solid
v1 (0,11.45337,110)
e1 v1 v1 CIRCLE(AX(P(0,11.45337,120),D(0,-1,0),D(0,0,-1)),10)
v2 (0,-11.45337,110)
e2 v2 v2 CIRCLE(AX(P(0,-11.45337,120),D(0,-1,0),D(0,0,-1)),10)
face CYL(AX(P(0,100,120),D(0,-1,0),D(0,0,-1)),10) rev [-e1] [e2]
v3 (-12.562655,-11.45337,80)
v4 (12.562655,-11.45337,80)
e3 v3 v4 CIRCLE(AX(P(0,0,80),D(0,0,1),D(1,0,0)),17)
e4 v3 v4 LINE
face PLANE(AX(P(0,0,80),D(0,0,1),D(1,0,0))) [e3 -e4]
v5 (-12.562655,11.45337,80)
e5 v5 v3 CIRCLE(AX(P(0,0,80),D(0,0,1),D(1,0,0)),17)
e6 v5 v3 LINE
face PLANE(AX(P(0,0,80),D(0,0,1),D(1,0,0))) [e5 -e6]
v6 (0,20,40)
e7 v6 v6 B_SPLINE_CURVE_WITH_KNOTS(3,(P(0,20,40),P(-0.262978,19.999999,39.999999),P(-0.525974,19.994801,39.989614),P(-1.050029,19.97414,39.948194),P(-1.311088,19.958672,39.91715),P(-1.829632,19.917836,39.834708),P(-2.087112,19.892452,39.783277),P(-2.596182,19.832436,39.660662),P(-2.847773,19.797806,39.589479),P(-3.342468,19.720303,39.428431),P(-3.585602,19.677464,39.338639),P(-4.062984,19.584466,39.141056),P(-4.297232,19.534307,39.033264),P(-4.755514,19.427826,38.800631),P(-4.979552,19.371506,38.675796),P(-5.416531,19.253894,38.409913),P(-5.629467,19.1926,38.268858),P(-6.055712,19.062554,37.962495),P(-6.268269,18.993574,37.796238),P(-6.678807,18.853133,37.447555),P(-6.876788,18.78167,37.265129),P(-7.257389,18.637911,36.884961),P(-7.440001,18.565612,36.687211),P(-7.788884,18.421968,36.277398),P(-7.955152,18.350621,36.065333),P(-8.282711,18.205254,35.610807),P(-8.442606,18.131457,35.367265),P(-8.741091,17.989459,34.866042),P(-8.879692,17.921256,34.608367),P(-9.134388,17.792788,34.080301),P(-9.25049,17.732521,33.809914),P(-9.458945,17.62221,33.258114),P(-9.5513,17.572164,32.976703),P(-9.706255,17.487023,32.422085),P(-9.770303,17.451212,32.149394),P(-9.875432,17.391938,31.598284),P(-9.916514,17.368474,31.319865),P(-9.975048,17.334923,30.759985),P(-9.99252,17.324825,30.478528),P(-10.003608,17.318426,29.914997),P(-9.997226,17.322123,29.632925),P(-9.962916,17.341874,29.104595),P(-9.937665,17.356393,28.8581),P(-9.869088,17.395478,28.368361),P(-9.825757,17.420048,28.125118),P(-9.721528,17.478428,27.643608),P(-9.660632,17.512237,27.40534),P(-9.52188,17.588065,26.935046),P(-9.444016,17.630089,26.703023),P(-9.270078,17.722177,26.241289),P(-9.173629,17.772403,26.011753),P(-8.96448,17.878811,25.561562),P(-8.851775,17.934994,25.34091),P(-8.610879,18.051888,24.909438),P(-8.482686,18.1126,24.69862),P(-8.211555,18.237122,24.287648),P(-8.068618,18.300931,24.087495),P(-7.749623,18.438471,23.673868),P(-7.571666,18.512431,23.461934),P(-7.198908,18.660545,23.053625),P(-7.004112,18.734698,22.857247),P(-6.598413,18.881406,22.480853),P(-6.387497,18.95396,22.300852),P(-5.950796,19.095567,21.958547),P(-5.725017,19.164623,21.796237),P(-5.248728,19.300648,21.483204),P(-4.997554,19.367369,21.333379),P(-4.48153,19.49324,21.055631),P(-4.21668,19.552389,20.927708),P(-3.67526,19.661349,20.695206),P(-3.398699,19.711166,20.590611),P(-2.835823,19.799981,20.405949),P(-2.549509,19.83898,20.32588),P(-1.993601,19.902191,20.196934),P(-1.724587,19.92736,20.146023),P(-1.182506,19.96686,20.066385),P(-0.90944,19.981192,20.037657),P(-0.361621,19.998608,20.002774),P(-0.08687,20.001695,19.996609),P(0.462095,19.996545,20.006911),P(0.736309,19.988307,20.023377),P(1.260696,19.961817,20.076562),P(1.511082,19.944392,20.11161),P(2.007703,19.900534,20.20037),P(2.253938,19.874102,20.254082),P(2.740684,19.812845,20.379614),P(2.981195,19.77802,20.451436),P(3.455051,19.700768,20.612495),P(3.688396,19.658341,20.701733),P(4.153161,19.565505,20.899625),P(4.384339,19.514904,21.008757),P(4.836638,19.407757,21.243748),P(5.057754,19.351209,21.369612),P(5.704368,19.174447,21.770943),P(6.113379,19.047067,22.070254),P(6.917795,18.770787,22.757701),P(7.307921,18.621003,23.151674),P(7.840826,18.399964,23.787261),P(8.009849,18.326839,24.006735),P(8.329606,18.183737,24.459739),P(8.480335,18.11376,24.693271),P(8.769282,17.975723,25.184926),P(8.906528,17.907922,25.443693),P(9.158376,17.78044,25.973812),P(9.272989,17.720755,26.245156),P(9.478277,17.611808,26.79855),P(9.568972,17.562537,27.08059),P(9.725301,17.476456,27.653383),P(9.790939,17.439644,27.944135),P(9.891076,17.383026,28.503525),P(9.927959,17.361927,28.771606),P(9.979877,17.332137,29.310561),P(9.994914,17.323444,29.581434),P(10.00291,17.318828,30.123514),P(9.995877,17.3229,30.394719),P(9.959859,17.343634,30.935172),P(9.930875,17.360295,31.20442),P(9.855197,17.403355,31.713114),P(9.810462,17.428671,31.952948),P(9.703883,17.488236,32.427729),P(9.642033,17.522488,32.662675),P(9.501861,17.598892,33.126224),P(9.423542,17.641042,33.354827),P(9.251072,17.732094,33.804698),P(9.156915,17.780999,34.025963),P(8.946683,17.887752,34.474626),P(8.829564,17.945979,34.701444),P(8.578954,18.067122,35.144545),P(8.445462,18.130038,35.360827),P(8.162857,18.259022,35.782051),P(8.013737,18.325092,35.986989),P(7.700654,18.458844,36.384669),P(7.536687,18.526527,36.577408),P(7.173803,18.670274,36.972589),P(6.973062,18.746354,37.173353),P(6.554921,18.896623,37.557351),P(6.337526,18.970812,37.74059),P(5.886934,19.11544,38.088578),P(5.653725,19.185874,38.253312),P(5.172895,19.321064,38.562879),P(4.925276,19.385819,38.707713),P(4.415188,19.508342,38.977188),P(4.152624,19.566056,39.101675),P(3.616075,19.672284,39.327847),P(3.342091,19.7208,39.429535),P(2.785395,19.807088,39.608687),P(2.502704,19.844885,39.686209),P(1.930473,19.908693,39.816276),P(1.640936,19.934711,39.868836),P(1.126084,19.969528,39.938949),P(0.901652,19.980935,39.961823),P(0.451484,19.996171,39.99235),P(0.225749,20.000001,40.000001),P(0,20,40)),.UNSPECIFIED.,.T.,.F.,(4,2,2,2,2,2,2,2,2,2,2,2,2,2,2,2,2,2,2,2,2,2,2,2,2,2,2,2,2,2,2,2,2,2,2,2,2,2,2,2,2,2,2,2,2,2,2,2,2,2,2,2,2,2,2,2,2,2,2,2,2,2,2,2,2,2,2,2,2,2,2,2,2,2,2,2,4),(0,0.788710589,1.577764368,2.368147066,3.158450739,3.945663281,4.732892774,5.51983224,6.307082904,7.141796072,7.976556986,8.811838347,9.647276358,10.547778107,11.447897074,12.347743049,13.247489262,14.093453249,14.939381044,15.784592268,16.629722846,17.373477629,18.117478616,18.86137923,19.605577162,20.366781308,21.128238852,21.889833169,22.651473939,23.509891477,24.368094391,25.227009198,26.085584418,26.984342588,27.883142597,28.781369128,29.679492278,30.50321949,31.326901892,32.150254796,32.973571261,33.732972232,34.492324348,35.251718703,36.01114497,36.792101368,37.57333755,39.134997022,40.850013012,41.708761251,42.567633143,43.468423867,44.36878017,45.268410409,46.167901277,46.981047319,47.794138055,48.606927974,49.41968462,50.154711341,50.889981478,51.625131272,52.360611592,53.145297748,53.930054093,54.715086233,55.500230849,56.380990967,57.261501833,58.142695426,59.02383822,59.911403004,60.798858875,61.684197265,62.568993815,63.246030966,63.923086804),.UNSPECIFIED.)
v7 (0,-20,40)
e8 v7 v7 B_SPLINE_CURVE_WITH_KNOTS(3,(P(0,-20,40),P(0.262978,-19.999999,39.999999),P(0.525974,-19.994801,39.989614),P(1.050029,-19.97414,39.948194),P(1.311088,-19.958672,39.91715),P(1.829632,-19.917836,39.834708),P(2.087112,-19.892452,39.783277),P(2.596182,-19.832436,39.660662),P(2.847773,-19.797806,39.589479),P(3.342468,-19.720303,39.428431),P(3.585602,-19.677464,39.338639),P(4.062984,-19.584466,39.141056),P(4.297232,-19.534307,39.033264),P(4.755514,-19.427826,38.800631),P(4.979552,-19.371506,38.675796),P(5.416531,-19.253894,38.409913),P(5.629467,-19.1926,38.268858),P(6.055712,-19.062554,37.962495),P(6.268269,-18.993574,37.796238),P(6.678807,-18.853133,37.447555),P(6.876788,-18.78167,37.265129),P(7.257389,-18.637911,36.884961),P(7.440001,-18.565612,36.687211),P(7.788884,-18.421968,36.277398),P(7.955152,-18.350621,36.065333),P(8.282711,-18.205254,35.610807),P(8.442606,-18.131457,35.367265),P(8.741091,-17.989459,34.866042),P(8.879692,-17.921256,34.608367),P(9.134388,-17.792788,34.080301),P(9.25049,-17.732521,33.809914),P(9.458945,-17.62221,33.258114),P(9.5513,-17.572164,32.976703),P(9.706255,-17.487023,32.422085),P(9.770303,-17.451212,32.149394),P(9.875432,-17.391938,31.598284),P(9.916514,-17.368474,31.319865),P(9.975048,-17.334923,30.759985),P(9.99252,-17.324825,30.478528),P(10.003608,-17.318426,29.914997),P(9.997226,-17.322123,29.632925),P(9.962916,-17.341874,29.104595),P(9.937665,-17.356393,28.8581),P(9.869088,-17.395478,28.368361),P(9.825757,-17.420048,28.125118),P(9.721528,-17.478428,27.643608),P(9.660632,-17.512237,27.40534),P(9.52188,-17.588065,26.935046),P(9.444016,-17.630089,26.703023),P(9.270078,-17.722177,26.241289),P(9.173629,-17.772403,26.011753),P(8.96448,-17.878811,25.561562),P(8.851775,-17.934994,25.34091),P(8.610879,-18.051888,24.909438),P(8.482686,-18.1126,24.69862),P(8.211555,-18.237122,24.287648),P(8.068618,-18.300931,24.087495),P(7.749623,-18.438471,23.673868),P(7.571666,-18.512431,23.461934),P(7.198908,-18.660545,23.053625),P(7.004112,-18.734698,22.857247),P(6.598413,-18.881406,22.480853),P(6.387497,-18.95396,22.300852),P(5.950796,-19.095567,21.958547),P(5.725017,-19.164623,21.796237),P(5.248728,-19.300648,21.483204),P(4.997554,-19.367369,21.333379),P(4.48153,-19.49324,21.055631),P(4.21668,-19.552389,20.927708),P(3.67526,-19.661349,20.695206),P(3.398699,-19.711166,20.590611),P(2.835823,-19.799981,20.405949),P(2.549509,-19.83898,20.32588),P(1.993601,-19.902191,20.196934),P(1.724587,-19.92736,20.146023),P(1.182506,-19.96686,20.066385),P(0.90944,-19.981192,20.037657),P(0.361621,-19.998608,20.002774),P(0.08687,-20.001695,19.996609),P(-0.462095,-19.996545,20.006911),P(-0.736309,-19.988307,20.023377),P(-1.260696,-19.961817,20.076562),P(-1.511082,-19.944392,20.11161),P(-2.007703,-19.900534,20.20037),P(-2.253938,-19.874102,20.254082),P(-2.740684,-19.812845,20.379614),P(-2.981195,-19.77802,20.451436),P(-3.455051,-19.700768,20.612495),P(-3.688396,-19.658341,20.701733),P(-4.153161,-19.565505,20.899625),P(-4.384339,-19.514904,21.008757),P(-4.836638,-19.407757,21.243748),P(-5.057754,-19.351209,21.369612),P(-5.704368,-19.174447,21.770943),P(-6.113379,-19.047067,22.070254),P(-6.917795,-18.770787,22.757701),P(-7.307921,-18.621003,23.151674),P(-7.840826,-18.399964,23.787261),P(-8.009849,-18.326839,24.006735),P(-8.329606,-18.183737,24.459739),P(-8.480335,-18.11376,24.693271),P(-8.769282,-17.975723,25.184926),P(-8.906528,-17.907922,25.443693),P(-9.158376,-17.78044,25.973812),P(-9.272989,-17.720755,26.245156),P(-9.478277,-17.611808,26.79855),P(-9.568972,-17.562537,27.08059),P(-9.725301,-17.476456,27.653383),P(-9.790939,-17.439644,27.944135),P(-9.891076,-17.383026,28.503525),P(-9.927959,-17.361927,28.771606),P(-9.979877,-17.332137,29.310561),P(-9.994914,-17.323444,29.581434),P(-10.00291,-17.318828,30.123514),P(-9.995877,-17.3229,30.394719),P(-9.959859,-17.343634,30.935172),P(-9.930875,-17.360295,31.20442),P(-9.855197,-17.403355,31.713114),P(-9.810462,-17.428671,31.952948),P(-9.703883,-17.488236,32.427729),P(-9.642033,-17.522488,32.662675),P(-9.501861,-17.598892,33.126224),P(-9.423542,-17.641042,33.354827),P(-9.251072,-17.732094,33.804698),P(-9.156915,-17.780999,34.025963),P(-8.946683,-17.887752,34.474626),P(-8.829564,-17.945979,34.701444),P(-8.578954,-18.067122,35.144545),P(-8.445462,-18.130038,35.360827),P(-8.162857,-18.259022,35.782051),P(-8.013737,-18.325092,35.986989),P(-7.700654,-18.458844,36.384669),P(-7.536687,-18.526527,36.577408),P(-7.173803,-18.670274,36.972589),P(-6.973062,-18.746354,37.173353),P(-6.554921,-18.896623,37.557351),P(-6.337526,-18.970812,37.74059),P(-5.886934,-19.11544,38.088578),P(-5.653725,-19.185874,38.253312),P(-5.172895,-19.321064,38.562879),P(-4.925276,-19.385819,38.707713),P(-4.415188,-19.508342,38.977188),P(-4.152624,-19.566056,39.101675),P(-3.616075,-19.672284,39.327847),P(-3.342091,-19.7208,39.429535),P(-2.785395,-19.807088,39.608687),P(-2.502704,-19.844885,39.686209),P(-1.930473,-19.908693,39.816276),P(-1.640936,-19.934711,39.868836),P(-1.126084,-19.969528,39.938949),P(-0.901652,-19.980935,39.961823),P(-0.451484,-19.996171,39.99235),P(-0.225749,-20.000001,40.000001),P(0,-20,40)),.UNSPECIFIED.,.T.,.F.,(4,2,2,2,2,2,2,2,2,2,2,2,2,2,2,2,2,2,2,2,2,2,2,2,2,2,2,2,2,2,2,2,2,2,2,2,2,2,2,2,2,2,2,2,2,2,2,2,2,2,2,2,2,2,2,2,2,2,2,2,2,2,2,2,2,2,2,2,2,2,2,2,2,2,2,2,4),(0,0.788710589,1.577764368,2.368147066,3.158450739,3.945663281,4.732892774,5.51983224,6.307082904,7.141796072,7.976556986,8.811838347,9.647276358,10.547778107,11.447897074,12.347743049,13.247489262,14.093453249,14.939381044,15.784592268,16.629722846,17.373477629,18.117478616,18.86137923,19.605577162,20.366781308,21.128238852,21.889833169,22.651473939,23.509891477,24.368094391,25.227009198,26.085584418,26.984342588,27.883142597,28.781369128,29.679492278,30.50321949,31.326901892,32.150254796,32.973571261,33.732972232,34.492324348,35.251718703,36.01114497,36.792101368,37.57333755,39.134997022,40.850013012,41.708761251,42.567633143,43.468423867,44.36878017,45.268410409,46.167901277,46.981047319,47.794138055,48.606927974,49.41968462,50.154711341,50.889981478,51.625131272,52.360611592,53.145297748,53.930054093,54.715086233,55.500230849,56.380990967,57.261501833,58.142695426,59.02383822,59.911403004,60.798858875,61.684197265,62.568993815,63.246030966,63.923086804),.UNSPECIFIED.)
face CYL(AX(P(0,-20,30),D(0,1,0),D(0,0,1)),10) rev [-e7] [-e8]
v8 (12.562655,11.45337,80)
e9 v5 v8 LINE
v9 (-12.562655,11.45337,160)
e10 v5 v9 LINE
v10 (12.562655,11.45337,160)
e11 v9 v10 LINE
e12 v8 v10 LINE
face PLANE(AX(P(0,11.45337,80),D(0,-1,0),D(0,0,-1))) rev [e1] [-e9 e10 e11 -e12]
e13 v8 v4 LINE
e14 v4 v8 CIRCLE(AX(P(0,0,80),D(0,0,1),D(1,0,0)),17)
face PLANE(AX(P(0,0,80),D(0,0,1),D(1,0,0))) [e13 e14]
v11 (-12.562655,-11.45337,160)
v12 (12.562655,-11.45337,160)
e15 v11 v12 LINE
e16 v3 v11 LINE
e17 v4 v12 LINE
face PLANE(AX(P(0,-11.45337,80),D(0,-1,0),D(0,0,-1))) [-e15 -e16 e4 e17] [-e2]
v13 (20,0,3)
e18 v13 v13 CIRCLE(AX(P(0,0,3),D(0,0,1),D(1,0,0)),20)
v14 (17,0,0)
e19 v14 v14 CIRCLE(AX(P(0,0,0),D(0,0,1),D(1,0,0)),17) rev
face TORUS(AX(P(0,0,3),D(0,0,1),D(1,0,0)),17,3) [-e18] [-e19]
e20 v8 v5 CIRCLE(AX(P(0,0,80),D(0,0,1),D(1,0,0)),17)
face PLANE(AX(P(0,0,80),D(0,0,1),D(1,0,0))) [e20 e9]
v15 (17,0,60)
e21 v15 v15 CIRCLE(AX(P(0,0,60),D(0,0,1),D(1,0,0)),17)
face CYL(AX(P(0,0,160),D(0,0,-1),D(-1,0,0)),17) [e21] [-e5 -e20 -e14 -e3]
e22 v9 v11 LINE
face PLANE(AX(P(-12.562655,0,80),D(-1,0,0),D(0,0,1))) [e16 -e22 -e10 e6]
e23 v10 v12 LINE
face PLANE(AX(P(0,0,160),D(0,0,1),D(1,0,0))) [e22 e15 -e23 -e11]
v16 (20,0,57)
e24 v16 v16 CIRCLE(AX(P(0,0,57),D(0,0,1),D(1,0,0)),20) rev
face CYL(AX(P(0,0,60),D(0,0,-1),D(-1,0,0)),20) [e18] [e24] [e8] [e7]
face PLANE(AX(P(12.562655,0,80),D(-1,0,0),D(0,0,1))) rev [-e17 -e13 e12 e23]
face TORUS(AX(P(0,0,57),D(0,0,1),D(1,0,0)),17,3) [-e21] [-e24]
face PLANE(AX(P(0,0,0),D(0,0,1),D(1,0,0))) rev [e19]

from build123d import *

# Parameters (mm, degrees)
SKETCH1_R               = 20
BOSS_EXTRUDE1_DEPTH     = 60
CUT_EXTRUDE1_DEPTH      = 67.332495807
CUT_EXTRUDE1_DEPTH_BACK = 67.332495807
SKETCH2_R               = 10
FILLET1_R               = 3
SKETCH22_R              = 17
BOSS_EXTRUDE4_DEPTH     = 100
CUT_EXTRUDE4_DEPTH      = 100
CUT_EXTRUDE4_DEPTH_BACK = 100
SKETCH19_R              = 10
CUT_EXTRUDE5_START      = -80
CUT_EXTRUDE5_DEPTH      = 80


with BuildPart() as part:
    # Sketch1 → Boss-Extrude1 (new body)
    with BuildSketch(Plane.XY):
        Circle(SKETCH1_R)
    extrude(amount=BOSS_EXTRUDE1_DEPTH)

    # Sketch2 → Cut-Extrude1 (cut, two sides: drawn at the far end of the back side and taken through both)
    with BuildSketch(Plane(origin=(0, 0, 0), x_dir=(1, 0, 0), z_dir=(0, 1, 0)).offset(-CUT_EXTRUDE1_DEPTH_BACK)):
        with Locations((0, -30)):
            Circle(SKETCH2_R)
    extrude(amount=CUT_EXTRUDE1_DEPTH + CUT_EXTRUDE1_DEPTH_BACK, mode=Mode.SUBTRACT)

    # Fillet1
    fillet1_edges = [part.edges().sort_by_distance(p)[0] for p in [
        (-20, 0, 0),
        (-20, 0, 60),
    ]]
    fillet(fillet1_edges, radius=FILLET1_R)

    # Sketch22 → Boss-Extrude4 (add)
    with BuildSketch(Plane.XY.offset(60)):
        Circle(SKETCH22_R)
    extrude(amount=BOSS_EXTRUDE4_DEPTH)

    # Sketch19 → Cut-Extrude4 (cut, two sides: drawn at the far end of the back side and taken through both)
    with BuildSketch(Plane(origin=(0, 0, 0), x_dir=(1, 0, 0), z_dir=(0, 1, 0)).offset(-CUT_EXTRUDE4_DEPTH_BACK)):
        with Locations((0, -120)):
            Circle(SKETCH19_R)
    extrude(amount=CUT_EXTRUDE4_DEPTH + CUT_EXTRUDE4_DEPTH_BACK, mode=Mode.SUBTRACT)

    # Sketch23 → Cut-Extrude5 (cut)
    with BuildSketch(Plane.XY.offset(160).offset(CUT_EXTRUDE5_START)):
        with BuildLine():
            ThreePointArc((12.56265543, 11.453370183), (0, 17), (-12.56265543, 11.453370183))
            Line((-12.56265543, 11.453370183), (12.56265543, 11.453370183))
        make_face()
        with BuildLine():
            Line((-12.56265543, -11.453370183), (-12.56265543, 11.453370183))
            ThreePointArc((-12.56265543, 11.453370183), (-17, 0), (-12.56265543, -11.453370183))
        make_face()
        with BuildLine():
            ThreePointArc((12.56265543, -11.453370183), (17, 0), (12.56265543, 11.453370183))
            Line((12.56265543, 11.453370183), (12.56265543, -11.453370183))
        make_face()
        with BuildLine():
            Line((12.56265543, -11.453370183), (-12.56265543, -11.453370183))
            ThreePointArc((-12.56265543, -11.453370183), (0, -17), (12.56265543, -11.453370183))
        make_face()
    extrude(amount=CUT_EXTRUDE5_DEPTH, mode=Mode.SUBTRACT)


solid = part.part
